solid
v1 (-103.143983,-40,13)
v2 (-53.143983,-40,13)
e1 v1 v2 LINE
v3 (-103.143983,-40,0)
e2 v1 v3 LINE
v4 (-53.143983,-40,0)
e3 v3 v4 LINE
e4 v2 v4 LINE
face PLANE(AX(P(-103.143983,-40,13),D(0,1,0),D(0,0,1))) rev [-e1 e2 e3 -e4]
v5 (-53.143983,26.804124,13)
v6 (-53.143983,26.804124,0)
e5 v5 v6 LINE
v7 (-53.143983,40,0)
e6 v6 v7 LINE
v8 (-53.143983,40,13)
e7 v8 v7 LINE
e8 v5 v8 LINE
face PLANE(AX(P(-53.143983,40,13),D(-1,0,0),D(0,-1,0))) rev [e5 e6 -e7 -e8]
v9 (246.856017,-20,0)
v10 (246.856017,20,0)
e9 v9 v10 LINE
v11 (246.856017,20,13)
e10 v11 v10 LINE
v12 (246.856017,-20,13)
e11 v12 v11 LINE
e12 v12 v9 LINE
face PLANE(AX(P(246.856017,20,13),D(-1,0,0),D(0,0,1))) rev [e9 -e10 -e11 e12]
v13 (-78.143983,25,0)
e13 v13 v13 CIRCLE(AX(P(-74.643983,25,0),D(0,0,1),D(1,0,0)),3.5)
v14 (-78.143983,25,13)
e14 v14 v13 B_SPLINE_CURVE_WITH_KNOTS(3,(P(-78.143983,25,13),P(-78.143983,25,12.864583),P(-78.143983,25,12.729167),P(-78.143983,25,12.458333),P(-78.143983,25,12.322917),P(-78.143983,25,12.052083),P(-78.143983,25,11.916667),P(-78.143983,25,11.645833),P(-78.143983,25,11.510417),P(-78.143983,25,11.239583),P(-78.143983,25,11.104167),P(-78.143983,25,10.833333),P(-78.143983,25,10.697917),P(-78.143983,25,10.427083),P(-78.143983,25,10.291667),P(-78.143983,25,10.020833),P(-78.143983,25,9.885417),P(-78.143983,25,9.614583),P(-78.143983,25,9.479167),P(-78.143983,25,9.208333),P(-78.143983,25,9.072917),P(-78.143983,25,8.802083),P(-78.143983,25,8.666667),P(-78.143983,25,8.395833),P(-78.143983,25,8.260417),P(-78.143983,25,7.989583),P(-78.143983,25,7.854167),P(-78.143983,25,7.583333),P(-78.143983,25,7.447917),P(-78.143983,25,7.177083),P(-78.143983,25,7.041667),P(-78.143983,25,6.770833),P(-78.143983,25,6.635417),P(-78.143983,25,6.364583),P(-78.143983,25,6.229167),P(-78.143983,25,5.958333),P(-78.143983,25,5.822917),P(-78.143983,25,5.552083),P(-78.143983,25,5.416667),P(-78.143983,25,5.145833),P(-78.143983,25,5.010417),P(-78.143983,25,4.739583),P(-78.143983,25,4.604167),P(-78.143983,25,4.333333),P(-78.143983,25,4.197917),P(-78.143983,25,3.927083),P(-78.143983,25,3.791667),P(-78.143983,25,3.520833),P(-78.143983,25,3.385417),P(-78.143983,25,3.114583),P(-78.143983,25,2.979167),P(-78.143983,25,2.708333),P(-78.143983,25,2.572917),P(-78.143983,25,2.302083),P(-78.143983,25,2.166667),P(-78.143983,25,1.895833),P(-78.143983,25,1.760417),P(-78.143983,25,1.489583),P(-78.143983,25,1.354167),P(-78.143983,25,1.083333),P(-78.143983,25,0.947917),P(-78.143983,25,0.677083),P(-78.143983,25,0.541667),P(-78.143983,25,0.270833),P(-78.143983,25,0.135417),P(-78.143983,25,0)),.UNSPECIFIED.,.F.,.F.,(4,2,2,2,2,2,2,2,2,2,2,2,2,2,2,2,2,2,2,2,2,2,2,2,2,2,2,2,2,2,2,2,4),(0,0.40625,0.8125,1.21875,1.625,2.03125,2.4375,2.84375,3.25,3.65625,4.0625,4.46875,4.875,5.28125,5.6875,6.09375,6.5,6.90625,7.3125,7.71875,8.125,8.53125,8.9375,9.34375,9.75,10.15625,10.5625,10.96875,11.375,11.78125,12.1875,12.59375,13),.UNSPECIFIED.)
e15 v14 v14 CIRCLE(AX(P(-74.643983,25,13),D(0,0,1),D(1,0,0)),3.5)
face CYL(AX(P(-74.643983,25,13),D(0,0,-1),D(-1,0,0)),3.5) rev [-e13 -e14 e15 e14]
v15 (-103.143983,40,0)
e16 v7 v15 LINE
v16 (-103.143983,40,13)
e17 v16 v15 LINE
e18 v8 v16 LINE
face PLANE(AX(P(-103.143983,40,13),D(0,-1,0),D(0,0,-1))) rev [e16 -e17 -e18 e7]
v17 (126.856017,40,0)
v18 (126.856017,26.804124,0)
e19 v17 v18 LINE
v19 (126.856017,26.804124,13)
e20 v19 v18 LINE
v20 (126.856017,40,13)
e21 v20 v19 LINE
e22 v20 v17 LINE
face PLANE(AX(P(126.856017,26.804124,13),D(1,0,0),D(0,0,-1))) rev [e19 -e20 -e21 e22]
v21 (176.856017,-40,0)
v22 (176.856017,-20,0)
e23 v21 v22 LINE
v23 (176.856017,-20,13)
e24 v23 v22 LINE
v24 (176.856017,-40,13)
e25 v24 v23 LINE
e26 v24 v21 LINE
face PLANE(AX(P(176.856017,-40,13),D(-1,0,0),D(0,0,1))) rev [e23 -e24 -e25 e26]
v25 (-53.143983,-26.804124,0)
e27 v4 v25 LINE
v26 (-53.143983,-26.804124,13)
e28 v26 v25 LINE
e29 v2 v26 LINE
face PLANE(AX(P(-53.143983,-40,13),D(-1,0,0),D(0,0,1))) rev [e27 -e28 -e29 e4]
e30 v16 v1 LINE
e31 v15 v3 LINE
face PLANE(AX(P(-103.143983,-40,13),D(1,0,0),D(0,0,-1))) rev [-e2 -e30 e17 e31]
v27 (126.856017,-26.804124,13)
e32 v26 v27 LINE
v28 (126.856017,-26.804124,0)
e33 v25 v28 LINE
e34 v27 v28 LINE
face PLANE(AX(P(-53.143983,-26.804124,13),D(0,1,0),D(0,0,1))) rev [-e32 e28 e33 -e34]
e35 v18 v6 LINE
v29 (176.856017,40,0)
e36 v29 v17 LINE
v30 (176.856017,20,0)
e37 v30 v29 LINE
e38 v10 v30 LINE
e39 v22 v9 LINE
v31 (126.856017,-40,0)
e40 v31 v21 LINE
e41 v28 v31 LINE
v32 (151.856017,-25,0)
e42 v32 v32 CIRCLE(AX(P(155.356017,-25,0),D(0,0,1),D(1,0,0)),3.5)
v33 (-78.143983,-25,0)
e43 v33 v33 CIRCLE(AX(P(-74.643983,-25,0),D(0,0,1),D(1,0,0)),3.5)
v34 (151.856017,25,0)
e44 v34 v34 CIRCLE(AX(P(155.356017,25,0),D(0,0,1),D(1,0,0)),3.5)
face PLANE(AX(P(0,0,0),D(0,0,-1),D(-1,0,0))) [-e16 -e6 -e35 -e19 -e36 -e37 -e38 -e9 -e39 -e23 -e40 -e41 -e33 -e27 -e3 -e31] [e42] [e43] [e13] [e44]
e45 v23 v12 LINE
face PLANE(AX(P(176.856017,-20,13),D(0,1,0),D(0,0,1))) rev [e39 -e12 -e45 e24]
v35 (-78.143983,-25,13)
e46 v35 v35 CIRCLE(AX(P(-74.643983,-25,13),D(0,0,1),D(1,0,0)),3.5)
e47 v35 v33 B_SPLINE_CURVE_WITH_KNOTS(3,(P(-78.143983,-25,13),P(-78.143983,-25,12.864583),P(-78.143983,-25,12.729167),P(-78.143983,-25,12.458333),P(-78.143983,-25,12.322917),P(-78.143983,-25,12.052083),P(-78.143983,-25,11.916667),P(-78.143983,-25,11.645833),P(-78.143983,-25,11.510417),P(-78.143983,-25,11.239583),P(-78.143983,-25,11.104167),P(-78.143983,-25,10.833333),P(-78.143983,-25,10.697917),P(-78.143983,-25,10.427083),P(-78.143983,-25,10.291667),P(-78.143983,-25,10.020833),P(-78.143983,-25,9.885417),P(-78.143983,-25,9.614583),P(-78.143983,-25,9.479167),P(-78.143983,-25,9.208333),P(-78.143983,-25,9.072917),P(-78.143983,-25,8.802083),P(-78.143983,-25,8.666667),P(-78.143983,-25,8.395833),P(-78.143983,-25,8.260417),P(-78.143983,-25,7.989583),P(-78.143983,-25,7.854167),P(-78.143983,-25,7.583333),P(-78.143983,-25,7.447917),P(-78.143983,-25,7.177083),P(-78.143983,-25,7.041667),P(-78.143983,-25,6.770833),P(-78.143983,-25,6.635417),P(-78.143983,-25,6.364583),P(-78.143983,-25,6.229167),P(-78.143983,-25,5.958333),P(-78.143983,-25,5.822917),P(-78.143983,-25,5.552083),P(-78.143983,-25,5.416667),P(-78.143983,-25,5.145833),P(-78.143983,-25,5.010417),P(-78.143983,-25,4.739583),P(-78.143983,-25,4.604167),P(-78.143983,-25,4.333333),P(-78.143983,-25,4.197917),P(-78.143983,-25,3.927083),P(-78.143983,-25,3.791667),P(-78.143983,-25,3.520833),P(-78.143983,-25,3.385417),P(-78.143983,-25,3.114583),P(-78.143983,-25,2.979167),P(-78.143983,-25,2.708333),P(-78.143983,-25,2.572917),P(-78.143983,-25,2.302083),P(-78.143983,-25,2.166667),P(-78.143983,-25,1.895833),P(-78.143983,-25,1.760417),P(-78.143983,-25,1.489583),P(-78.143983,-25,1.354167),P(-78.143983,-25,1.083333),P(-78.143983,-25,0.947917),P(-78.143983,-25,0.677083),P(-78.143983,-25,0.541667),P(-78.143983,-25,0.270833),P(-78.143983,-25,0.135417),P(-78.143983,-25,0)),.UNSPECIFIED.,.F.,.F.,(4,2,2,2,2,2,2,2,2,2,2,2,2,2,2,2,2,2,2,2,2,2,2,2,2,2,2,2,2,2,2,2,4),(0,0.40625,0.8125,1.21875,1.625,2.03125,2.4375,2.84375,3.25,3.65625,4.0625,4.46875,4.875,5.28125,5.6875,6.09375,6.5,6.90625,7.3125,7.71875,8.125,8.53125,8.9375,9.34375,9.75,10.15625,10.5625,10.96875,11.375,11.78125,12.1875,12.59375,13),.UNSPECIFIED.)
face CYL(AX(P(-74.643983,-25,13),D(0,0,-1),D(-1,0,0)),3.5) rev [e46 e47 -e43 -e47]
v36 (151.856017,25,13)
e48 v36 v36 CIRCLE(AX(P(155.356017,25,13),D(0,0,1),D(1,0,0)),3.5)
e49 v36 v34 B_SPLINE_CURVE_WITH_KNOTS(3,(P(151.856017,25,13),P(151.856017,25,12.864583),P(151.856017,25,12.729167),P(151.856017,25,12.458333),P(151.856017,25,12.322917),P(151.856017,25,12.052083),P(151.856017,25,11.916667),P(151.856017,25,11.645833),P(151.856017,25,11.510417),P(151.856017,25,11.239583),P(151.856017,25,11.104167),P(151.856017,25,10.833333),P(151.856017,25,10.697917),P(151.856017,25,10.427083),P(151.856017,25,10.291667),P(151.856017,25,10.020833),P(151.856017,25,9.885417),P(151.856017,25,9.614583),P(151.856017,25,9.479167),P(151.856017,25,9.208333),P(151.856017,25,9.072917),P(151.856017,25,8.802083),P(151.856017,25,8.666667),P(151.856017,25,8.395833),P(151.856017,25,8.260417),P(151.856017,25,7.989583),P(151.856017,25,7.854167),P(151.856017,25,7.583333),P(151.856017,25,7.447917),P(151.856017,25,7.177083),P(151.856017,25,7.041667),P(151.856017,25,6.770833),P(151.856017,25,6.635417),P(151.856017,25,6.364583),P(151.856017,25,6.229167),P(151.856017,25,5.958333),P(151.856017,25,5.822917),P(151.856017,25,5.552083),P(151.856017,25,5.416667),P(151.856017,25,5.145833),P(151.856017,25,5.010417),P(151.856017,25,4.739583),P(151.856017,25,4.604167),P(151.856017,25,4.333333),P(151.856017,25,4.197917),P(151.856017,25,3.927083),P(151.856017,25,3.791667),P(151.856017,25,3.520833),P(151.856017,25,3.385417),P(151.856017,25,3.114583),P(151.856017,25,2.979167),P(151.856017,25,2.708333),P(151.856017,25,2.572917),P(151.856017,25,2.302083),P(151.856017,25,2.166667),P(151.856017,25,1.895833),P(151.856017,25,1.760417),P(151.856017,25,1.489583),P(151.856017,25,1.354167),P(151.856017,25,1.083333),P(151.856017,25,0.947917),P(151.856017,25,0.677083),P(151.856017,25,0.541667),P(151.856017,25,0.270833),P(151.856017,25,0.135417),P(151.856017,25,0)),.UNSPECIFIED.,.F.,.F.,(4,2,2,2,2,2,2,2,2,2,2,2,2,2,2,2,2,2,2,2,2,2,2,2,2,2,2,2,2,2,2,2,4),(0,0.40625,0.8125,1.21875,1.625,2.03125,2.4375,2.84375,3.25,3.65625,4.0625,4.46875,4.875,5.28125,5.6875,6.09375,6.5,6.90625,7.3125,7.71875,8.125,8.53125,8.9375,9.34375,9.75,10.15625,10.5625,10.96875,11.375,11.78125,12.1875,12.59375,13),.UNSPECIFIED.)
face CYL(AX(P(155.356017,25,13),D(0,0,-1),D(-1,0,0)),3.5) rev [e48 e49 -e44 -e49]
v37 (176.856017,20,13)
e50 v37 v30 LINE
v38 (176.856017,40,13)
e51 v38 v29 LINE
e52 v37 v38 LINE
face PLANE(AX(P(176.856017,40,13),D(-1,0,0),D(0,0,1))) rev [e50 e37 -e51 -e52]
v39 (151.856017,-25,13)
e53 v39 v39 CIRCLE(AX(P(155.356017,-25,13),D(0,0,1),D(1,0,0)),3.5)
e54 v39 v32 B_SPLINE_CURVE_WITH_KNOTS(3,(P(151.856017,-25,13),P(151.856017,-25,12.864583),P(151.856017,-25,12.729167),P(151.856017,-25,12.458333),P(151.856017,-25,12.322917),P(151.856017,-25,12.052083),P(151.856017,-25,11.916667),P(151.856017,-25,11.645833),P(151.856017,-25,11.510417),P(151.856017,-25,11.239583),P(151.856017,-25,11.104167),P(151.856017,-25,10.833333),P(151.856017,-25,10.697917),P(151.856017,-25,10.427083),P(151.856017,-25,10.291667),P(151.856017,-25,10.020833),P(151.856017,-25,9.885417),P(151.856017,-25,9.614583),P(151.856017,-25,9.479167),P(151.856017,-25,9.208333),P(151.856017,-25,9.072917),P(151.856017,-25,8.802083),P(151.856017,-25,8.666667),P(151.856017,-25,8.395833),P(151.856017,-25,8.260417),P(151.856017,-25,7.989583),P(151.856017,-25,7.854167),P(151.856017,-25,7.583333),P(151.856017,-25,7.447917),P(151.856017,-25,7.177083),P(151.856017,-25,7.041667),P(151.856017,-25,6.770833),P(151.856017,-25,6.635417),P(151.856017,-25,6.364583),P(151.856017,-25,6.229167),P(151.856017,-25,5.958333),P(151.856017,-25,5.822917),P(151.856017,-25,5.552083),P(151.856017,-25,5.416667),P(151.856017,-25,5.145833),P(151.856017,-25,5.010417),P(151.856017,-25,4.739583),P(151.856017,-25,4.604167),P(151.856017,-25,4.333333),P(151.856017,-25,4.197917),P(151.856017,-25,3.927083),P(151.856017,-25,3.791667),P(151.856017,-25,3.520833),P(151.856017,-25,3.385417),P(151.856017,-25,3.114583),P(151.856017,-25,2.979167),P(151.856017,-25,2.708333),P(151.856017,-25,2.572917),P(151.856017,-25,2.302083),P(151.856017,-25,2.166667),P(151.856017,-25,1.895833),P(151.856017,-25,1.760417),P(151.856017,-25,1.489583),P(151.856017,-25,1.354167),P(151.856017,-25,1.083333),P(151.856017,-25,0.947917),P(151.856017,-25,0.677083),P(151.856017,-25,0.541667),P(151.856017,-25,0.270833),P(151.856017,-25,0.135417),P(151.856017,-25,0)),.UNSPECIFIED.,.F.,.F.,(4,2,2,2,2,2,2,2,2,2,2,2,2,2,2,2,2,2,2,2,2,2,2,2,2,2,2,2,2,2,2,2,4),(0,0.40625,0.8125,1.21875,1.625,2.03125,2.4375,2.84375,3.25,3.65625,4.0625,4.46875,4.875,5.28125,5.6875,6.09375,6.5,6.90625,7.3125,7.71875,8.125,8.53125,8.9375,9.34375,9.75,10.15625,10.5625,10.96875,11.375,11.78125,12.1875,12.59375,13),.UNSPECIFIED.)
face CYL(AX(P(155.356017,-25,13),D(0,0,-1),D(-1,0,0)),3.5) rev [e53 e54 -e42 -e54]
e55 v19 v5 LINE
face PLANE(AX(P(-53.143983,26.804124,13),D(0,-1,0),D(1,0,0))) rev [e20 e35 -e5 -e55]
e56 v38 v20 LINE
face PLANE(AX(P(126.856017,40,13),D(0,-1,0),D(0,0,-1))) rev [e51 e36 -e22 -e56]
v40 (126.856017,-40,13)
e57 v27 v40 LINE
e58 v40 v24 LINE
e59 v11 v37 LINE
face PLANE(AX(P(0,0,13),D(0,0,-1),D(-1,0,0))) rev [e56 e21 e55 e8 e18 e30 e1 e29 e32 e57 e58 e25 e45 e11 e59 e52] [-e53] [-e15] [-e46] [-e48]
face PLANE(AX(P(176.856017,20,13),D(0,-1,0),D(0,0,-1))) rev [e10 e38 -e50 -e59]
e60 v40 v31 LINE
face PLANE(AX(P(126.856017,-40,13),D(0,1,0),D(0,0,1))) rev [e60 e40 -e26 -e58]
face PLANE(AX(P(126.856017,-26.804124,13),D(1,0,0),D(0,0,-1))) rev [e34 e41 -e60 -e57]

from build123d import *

# Parameters (mm, degrees)
SKETCH1_R           = 3.5
BOSS_EXTRUDE1_DEPTH = 13


with BuildPart() as part:
    # Sketch1 → Boss-Extrude1 (new body)
    with BuildSketch(Plane.XY):
        Polygon((-103.143983002, -40), (-103.143983002, 40), (-53.143983002, 40), (-53.143983002, 26.804123711), (126.856016998, 26.804123711), (126.856016998, 40), (176.856016998, 40), (176.856016998, 20), (246.856016998, 20), (246.856016998, -20), (176.856016998, -20), (176.856016998, -40), (126.856016998, -40), (126.856016998, -26.804123711), (-53.143983002, -26.804123711), (-53.143983002, -40), align=None)
        with Locations(Location((-74.643983002, 25, 0), (0, 0, 180))):
            Circle(SKETCH1_R, mode=Mode.SUBTRACT)
        with Locations(Location((155.356016998, 25, 0), (0, 0, 180))):
            Circle(SKETCH1_R, mode=Mode.SUBTRACT)
        with Locations(Location((155.356016998, -25, 0), (0, 0, 180))):
            Circle(SKETCH1_R, mode=Mode.SUBTRACT)
        with Locations(Location((-74.643983002, -25, 0), (0, 0, 180))):
            Circle(SKETCH1_R, mode=Mode.SUBTRACT)
    extrude(amount=BOSS_EXTRUDE1_DEPTH)


solid = part.part
